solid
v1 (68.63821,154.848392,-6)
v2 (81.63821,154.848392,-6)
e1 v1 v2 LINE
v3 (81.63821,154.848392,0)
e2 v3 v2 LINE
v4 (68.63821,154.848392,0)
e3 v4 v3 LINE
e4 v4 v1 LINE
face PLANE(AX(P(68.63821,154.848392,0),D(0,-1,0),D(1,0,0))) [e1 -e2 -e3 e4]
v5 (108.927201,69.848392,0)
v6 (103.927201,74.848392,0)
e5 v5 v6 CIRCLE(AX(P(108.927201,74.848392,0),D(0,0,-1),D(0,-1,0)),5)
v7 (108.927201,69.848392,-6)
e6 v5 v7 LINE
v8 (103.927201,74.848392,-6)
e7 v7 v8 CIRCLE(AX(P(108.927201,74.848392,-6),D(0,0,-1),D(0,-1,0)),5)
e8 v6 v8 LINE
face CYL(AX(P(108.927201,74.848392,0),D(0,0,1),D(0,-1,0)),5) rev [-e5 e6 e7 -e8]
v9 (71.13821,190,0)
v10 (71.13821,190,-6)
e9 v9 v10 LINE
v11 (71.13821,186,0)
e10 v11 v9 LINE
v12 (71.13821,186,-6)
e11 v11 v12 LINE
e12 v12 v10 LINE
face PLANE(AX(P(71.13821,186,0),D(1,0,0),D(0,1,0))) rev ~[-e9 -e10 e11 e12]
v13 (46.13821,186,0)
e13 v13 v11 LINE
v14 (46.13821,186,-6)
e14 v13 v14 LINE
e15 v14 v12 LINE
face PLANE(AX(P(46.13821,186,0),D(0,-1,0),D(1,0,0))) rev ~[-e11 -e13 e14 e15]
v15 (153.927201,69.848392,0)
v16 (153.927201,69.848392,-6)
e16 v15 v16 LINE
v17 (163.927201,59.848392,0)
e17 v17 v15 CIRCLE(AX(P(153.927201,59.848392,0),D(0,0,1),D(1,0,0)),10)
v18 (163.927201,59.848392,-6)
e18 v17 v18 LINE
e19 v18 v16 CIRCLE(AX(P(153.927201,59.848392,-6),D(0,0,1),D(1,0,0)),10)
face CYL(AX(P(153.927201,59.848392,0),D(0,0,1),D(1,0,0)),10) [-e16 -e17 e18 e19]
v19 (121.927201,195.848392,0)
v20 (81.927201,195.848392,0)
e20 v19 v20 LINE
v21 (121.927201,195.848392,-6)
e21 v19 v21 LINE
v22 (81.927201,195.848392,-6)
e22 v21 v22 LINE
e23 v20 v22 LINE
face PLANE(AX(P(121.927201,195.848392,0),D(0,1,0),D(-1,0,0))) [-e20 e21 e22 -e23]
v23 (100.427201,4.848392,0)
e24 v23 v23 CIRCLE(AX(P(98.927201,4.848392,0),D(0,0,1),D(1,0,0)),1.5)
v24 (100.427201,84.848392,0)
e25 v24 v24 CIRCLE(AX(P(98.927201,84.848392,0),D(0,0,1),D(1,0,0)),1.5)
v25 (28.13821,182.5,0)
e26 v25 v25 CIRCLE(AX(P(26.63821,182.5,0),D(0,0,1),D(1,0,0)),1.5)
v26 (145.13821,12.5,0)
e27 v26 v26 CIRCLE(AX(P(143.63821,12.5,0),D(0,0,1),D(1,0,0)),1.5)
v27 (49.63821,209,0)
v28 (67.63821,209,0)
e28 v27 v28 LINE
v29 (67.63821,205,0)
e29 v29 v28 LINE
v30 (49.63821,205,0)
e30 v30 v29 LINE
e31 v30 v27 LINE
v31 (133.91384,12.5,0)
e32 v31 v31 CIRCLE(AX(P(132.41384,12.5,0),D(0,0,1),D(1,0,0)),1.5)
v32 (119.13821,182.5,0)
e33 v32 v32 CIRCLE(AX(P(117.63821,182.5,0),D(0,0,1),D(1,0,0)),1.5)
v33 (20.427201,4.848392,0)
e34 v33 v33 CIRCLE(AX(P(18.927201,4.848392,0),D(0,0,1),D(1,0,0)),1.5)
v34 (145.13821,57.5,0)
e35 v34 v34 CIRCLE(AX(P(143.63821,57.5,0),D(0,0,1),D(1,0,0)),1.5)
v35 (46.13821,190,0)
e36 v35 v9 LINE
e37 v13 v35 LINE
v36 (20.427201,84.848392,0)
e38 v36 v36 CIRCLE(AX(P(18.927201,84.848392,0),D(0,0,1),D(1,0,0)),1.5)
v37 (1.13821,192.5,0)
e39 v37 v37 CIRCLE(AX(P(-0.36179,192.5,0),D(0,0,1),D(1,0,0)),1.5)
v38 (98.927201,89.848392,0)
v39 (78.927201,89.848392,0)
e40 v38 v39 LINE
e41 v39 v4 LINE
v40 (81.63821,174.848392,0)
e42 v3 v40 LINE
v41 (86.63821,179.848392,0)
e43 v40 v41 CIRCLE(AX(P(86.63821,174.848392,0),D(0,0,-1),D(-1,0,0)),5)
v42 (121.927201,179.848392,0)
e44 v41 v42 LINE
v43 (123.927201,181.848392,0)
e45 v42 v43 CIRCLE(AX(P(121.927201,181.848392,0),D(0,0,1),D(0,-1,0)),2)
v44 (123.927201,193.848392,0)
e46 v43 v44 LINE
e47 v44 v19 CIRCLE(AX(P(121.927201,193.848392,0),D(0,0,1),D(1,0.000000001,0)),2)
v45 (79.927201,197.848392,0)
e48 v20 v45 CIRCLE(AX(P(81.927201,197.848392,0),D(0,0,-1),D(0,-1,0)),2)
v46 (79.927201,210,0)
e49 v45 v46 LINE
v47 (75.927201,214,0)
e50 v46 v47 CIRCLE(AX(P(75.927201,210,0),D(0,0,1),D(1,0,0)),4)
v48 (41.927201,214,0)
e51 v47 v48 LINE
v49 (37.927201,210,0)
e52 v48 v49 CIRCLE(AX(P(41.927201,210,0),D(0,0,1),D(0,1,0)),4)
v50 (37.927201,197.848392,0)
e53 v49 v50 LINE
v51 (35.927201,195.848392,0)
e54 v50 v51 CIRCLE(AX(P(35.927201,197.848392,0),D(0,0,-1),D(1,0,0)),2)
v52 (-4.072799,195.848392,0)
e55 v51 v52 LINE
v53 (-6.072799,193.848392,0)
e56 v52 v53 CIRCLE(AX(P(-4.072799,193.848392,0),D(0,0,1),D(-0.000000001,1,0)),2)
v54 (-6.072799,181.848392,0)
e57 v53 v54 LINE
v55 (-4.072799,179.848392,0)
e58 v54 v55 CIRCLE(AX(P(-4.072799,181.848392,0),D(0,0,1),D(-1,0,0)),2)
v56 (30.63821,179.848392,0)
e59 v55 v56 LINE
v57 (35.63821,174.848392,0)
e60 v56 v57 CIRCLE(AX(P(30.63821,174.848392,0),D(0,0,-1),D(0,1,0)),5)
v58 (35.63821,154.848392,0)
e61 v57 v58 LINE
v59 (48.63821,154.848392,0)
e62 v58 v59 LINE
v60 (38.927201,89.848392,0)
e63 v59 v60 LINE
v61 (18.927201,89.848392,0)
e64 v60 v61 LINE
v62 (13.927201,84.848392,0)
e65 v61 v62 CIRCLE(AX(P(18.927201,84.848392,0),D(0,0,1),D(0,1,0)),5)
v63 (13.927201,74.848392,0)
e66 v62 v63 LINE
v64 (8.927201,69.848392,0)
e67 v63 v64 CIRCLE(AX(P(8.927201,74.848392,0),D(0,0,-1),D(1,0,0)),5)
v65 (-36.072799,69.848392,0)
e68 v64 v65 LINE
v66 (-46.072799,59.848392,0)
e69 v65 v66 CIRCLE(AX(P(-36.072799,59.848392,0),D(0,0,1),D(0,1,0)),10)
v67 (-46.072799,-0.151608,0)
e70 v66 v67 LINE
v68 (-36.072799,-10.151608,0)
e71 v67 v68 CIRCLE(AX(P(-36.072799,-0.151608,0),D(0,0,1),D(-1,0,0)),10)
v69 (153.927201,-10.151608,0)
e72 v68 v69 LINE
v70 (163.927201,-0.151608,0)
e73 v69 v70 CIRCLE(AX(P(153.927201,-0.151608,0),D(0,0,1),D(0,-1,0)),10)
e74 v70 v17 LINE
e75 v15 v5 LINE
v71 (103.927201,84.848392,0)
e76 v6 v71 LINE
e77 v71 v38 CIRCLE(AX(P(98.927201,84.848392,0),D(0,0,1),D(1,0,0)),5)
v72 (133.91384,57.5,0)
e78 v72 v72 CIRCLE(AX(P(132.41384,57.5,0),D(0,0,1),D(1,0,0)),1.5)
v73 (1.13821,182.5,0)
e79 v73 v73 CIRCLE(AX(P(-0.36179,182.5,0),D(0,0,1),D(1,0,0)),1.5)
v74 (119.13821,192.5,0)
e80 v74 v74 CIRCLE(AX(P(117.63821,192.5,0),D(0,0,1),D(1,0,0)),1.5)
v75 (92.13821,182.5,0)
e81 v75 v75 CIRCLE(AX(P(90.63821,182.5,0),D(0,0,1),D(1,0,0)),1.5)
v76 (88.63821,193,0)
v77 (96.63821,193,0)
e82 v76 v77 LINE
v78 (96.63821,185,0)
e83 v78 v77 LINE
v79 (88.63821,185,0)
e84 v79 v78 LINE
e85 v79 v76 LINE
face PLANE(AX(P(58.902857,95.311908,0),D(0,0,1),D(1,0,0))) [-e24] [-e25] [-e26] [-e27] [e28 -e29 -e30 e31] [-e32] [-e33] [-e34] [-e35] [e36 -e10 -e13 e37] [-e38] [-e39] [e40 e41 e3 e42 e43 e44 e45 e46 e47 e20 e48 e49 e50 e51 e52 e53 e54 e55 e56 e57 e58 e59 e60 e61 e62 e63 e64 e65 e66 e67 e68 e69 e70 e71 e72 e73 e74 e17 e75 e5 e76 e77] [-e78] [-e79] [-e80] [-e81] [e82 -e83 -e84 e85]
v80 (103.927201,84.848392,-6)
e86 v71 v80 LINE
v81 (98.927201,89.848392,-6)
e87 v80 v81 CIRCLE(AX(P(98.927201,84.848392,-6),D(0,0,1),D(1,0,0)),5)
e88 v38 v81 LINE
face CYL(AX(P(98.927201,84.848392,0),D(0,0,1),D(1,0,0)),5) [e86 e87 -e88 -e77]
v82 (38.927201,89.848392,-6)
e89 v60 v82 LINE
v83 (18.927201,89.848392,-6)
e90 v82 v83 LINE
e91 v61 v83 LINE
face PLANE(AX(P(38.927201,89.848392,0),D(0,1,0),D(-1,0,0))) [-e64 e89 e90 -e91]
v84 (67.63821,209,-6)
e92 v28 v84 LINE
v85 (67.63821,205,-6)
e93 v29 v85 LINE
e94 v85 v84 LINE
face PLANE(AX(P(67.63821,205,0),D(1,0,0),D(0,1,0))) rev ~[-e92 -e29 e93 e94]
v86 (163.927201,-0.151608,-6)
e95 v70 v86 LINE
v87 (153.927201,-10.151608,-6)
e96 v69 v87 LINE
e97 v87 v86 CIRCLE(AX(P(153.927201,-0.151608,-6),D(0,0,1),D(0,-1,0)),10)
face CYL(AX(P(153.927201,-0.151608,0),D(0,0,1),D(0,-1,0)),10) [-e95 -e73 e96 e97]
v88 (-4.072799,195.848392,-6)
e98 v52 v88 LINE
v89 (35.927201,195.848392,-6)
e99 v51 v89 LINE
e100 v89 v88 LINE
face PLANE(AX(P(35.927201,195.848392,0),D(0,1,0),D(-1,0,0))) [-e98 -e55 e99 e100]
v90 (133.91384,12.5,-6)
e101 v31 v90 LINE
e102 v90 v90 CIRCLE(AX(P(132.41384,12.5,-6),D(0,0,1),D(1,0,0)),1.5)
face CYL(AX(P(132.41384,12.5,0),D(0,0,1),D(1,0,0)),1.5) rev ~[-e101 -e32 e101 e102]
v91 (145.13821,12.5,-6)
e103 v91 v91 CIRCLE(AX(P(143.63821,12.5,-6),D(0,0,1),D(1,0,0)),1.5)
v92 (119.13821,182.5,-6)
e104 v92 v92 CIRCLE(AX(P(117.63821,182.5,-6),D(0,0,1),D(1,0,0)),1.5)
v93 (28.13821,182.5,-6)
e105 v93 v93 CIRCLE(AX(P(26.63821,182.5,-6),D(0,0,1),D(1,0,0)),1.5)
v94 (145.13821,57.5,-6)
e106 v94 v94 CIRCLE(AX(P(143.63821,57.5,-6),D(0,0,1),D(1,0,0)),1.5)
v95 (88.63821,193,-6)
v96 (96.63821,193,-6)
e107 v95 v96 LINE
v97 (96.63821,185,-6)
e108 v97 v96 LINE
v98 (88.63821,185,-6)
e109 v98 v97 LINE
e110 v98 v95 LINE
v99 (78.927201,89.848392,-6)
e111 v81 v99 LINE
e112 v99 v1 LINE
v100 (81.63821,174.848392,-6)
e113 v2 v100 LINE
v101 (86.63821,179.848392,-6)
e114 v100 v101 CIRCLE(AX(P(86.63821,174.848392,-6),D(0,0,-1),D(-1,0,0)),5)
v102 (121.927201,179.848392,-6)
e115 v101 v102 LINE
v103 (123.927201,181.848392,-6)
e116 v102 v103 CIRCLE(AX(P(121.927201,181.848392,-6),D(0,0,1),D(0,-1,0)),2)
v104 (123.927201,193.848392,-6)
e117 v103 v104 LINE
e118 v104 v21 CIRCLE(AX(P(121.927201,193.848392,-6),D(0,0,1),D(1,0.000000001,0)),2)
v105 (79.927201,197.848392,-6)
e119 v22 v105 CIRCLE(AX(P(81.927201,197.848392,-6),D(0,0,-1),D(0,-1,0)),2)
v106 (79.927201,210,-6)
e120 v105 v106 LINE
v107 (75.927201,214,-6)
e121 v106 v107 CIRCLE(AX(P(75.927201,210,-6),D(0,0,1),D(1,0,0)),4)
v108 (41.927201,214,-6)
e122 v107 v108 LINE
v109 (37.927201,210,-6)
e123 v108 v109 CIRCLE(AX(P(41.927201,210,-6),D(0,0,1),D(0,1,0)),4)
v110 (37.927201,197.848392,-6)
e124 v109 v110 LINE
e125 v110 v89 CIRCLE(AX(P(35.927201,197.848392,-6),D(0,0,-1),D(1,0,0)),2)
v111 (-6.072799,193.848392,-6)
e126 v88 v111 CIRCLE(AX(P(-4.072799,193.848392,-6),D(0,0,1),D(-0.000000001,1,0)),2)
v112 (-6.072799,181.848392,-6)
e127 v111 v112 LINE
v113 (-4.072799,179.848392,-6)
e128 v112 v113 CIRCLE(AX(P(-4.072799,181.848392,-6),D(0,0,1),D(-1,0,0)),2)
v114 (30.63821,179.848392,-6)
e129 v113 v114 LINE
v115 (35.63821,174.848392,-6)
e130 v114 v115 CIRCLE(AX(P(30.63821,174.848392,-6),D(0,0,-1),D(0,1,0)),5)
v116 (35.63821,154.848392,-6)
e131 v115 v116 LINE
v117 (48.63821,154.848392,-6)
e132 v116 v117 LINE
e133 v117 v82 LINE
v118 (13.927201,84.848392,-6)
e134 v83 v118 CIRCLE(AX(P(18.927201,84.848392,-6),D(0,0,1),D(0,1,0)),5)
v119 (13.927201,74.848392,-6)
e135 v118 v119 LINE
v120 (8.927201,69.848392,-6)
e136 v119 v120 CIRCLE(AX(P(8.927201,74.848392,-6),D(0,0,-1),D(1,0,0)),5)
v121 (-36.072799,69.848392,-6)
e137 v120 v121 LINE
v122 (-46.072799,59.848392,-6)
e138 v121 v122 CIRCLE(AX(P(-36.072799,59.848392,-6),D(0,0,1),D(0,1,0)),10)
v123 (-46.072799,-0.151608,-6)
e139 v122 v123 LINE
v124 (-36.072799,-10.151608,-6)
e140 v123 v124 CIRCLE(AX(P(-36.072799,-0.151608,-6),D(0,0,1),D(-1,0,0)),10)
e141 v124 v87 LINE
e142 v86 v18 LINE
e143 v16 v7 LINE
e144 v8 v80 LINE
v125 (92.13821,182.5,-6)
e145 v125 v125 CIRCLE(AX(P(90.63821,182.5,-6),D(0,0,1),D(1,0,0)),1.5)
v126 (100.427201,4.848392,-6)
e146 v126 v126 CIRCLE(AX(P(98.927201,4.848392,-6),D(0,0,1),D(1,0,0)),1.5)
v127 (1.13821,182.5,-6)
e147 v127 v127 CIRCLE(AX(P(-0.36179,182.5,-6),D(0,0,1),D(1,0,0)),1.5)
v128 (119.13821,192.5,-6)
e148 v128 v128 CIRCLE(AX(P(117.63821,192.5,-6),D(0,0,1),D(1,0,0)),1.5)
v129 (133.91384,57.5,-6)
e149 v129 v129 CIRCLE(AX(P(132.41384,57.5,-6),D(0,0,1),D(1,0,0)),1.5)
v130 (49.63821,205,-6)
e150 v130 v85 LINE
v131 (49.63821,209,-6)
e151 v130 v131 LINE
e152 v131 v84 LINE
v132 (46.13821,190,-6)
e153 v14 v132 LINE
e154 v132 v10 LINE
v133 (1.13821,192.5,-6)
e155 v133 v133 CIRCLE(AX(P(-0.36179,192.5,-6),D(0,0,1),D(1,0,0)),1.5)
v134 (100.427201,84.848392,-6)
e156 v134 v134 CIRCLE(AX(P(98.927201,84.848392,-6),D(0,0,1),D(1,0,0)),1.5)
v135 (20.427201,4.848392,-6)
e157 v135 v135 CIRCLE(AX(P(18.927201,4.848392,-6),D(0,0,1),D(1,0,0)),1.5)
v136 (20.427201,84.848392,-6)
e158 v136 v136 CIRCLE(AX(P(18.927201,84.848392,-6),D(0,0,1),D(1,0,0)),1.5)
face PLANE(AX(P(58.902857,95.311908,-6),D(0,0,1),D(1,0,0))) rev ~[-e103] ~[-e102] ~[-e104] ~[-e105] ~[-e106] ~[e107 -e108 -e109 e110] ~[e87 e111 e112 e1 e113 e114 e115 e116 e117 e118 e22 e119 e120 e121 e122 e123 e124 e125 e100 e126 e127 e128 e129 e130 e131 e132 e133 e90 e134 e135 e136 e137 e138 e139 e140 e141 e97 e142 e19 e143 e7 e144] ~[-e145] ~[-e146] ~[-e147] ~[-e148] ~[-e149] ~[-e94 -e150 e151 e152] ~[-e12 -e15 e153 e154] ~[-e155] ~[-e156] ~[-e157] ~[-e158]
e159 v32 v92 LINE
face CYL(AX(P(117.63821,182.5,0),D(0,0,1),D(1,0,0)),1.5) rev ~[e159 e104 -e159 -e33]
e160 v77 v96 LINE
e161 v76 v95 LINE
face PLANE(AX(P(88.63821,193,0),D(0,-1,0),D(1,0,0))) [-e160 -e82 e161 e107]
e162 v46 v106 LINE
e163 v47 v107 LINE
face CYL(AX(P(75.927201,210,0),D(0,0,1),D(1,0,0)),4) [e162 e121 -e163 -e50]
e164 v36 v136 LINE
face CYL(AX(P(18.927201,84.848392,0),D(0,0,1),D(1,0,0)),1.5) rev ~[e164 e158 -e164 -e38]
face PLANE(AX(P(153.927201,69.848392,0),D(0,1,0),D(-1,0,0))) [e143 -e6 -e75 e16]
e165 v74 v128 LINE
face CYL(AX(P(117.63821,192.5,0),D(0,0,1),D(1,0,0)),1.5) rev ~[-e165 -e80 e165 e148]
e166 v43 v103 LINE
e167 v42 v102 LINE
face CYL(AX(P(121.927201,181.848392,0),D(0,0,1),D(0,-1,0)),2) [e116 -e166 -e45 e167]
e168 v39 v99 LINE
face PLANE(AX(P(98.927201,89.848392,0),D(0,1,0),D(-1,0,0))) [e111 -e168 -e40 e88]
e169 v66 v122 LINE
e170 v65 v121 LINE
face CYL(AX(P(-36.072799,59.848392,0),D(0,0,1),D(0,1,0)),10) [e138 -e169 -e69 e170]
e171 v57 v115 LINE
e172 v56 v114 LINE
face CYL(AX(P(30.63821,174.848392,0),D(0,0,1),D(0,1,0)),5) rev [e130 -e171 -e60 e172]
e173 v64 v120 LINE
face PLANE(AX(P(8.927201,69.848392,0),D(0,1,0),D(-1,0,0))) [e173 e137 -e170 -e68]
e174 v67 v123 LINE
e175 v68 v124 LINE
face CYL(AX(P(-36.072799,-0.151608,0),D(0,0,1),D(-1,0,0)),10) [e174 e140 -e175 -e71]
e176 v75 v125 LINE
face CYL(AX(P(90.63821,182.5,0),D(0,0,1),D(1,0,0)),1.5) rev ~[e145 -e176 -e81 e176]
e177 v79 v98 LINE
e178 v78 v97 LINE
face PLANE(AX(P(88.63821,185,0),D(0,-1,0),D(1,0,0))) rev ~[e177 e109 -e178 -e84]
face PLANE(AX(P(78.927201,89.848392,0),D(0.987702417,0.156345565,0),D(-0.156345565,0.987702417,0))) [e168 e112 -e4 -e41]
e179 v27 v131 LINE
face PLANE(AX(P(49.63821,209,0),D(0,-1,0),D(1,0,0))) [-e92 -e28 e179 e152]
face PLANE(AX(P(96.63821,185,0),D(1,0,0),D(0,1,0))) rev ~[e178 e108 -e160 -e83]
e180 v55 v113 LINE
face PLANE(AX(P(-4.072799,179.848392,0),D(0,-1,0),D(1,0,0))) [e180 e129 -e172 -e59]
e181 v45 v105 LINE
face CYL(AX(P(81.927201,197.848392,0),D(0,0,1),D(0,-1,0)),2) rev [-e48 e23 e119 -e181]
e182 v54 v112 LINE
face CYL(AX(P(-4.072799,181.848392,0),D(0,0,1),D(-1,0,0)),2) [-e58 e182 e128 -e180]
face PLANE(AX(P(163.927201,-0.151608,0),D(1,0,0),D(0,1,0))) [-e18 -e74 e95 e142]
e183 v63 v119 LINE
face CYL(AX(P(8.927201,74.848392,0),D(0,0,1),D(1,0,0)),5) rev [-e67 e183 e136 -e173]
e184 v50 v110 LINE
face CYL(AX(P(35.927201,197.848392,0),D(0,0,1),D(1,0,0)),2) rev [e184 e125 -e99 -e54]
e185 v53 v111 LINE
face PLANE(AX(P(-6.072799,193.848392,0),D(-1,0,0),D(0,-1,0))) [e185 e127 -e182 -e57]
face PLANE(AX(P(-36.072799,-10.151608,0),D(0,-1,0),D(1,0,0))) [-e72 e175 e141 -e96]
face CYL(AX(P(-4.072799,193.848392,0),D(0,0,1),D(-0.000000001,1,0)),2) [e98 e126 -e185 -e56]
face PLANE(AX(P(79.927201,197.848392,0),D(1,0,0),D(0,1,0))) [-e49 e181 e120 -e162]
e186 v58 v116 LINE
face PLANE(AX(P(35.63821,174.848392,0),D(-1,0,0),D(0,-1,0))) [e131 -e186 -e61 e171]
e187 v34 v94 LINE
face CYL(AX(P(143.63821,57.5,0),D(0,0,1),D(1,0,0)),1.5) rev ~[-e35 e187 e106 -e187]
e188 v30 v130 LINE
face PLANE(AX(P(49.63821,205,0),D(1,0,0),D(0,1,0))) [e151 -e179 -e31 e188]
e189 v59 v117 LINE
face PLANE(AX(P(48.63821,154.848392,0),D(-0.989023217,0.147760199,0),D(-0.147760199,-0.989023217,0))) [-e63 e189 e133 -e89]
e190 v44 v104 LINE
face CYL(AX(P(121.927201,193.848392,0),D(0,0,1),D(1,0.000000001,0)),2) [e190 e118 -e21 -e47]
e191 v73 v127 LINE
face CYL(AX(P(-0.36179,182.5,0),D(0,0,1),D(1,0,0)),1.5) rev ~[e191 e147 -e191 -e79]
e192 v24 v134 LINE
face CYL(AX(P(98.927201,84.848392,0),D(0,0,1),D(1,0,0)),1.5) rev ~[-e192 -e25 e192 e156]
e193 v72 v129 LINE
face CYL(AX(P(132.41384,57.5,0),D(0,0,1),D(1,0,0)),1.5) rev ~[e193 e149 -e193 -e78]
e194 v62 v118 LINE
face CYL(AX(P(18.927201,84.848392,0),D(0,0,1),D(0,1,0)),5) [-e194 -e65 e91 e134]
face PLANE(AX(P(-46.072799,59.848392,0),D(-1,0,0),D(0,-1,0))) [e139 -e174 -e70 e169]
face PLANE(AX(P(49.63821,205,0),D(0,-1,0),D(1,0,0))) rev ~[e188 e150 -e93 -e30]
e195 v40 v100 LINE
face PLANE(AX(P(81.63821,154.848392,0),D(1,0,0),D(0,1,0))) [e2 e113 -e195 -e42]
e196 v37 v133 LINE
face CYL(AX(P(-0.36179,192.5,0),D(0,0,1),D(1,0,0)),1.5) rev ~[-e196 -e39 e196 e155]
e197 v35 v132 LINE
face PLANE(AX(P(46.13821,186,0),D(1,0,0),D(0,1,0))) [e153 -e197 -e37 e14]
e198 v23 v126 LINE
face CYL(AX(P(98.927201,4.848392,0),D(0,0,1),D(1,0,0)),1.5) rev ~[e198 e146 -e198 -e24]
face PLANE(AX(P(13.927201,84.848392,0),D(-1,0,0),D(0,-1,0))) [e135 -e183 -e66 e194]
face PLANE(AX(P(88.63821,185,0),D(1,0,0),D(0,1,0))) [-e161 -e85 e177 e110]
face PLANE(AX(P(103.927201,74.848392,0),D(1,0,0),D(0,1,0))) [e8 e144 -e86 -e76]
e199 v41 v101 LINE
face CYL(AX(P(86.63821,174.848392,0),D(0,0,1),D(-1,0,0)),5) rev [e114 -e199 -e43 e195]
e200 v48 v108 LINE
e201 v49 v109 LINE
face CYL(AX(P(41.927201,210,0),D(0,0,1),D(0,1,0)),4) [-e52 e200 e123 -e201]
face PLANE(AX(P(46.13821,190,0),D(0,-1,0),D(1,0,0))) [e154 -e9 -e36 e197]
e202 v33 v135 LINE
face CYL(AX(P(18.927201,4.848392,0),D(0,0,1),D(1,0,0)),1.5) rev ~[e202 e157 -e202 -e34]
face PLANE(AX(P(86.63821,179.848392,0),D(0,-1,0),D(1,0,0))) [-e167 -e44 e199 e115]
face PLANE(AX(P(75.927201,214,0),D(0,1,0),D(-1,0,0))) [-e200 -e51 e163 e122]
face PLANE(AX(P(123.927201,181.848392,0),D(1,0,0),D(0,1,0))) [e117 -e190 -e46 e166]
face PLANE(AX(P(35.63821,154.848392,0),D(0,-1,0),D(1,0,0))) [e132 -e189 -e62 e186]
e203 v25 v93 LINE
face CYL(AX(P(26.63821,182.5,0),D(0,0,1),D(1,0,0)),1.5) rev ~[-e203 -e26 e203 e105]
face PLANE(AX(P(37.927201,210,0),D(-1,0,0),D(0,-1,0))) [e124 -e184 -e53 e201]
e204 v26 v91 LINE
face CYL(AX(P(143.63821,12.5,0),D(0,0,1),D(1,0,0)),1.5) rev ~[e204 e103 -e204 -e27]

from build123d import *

# Parameters (mm, degrees)
SKETCH1_R           = 1.5
SKETCH1_W           = 8
SKETCH1_H           = 8
SKETCH1_W_2         = 25
SKETCH1_H_2         = 4
SKETCH1_W_3         = 18
BOSS_EXTRUDE3_DEPTH = 6
SKETCH1_9_R         = 1.5
CUT_EXTRUDE2_DEPTH  = 6


with BuildPart() as part:
    # Sketch1 → Boss-Extrude3 (new body)
    with BuildSketch(Plane.XY):
        with BuildLine():
            Line((-36.07279856, -10.151608153), (153.92720144, -10.151608153))
            ThreePointArc((153.92720144, -10.151608153), (160.998269252, -7.222675965), (163.92720144, -0.151608153))
            Line((163.92720144, -0.151608153), (163.92720144, 59.848391847))
            ThreePointArc((163.92720144, 59.848391847), (160.998269252, 66.919459659), (153.92720144, 69.848391847))
            Line((153.92720144, 69.848391847), (108.92720144, 69.848391847))
            ThreePointArc((108.92720144, 69.848391847), (105.391667534, 71.312857941), (103.92720144, 74.848391847))
            Line((103.92720144, 74.848391847), (103.92720144, 84.848391847))
            ThreePointArc((103.92720144, 84.848391847), (102.462735346, 88.383925753), (98.92720144, 89.848391847))
            Line((98.92720144, 89.848391847), (78.92720144, 89.848391847))
            Line((78.92720144, 89.848391847), (68.638210005, 154.848391847))
            Line((68.638210005, 154.848391847), (81.638210005, 154.848391847))
            Line((81.638210005, 154.848391847), (81.638210005, 174.848391847))
            ThreePointArc((81.638210005, 174.848391847), (83.102676099, 178.383925753), (86.638210005, 179.848391847))
            Line((86.638210005, 179.848391847), (121.92720144, 179.848391847))
            ThreePointArc((121.92720144, 179.848391847), (123.341415002, 180.434178284), (123.92720144, 181.848391847))
            Line((123.92720144, 181.848391847), (123.92720144, 193.848391847))
            ThreePointArc((123.92720144, 193.848391847), (123.341415002, 195.262605409), (121.92720144, 195.848391847))
            Line((121.92720144, 195.848391847), (81.92720144, 195.848391847))
            ThreePointArc((81.92720144, 195.848391847), (80.512987878, 196.434178284), (79.92720144, 197.848391847))
            Line((79.92720144, 197.848391847), (79.92720144, 210))
            ThreePointArc((79.92720144, 210), (78.755628565, 212.828427125), (75.92720144, 214))
            Line((75.92720144, 214), (41.92720144, 214))
            ThreePointArc((41.92720144, 214), (39.098774315, 212.828427125), (37.92720144, 210))
            Line((37.92720144, 210), (37.92720144, 197.848391847))
            ThreePointArc((37.92720144, 197.848391847), (37.341415002, 196.434178284), (35.92720144, 195.848391847))
            Line((35.92720144, 195.848391847), (-4.07279856, 195.848391847))
            ThreePointArc((-4.07279856, 195.848391847), (-5.487012122, 195.262605409), (-6.07279856, 193.848391847))
            Line((-6.07279856, 193.848391847), (-6.07279856, 181.848391847))
            ThreePointArc((-6.07279856, 181.848391847), (-5.487012122, 180.434178284), (-4.07279856, 179.848391847))
            Line((-4.07279856, 179.848391847), (30.638210005, 179.848391847))
            ThreePointArc((30.638210005, 179.848391847), (34.173743911, 178.383925753), (35.638210005, 174.848391847))
            Line((35.638210005, 174.848391847), (35.638210005, 154.848391847))
            Line((35.638210005, 154.848391847), (48.638210005, 154.848391847))
            Line((48.638210005, 154.848391847), (38.92720144, 89.848391847))
            Line((38.92720144, 89.848391847), (18.92720144, 89.848391847))
            ThreePointArc((18.92720144, 89.848391847), (15.391667534, 88.383925753), (13.92720144, 84.848391847))
            Line((13.92720144, 84.848391847), (13.92720144, 74.848391847))
            ThreePointArc((13.92720144, 74.848391847), (12.462735346, 71.312857941), (8.92720144, 69.848391847))
            Line((8.92720144, 69.848391847), (-36.07279856, 69.848391847))
            ThreePointArc((-36.07279856, 69.848391847), (-43.143866372, 66.919459659), (-46.07279856, 59.848391847))
            Line((-46.07279856, 59.848391847), (-46.07279856, -0.151608153))
            ThreePointArc((-46.07279856, -0.151608153), (-43.143866372, -7.222675965), (-36.07279856, -10.151608153))
        make_face()
        with Locations((143.638210005, 57.5)):
            Circle(SKETCH1_R, mode=Mode.SUBTRACT)
        with Locations((132.413840271, 57.5)):
            Circle(SKETCH1_R, mode=Mode.SUBTRACT)
        with Locations((132.413840271, 12.5)):
            Circle(SKETCH1_R, mode=Mode.SUBTRACT)
        with Locations((143.638210005, 12.5)):
            Circle(SKETCH1_R, mode=Mode.SUBTRACT)
        with Locations((117.638210005, 182.5)):
            Circle(SKETCH1_R, mode=Mode.SUBTRACT)
        with Locations((117.638210005, 192.5)):
            Circle(SKETCH1_R, mode=Mode.SUBTRACT)
        with Locations((-0.361789995, 182.5)):
            Circle(SKETCH1_R, mode=Mode.SUBTRACT)
        with Locations((-0.361789995, 192.5)):
            Circle(SKETCH1_R, mode=Mode.SUBTRACT)
        with Locations((26.638210005, 182.5)):
            Circle(SKETCH1_R, mode=Mode.SUBTRACT)
        with Locations((90.638210005, 182.5)):
            Circle(SKETCH1_R, mode=Mode.SUBTRACT)
        with Locations((92.638210005, 189)):
            Rectangle(SKETCH1_W, SKETCH1_H, mode=Mode.SUBTRACT)
        with Locations((58.638210005, 188)):
            Rectangle(SKETCH1_W_2, SKETCH1_H_2, mode=Mode.SUBTRACT)
        with Locations((58.638210005, 207)):
            Rectangle(SKETCH1_W_3, SKETCH1_H_2, mode=Mode.SUBTRACT)
    extrude(amount=-BOSS_EXTRUDE3_DEPTH)

    # Sketch1<9> → Cut-Extrude2 (cut)
    with BuildSketch(Plane.XY):
        with Locations((98.92720144, 84.848391847)):
            Circle(SKETCH1_9_R)
        with Locations((18.92720144, 84.848391847)):
            Circle(SKETCH1_9_R)
        with Locations((98.92720144, 4.848391847)):
            Circle(SKETCH1_9_R)
        with Locations((18.92720144, 4.848391847)):
            Circle(SKETCH1_9_R)
    extrude(amount=-CUT_EXTRUDE2_DEPTH, mode=Mode.SUBTRACT)


solid = part.part
